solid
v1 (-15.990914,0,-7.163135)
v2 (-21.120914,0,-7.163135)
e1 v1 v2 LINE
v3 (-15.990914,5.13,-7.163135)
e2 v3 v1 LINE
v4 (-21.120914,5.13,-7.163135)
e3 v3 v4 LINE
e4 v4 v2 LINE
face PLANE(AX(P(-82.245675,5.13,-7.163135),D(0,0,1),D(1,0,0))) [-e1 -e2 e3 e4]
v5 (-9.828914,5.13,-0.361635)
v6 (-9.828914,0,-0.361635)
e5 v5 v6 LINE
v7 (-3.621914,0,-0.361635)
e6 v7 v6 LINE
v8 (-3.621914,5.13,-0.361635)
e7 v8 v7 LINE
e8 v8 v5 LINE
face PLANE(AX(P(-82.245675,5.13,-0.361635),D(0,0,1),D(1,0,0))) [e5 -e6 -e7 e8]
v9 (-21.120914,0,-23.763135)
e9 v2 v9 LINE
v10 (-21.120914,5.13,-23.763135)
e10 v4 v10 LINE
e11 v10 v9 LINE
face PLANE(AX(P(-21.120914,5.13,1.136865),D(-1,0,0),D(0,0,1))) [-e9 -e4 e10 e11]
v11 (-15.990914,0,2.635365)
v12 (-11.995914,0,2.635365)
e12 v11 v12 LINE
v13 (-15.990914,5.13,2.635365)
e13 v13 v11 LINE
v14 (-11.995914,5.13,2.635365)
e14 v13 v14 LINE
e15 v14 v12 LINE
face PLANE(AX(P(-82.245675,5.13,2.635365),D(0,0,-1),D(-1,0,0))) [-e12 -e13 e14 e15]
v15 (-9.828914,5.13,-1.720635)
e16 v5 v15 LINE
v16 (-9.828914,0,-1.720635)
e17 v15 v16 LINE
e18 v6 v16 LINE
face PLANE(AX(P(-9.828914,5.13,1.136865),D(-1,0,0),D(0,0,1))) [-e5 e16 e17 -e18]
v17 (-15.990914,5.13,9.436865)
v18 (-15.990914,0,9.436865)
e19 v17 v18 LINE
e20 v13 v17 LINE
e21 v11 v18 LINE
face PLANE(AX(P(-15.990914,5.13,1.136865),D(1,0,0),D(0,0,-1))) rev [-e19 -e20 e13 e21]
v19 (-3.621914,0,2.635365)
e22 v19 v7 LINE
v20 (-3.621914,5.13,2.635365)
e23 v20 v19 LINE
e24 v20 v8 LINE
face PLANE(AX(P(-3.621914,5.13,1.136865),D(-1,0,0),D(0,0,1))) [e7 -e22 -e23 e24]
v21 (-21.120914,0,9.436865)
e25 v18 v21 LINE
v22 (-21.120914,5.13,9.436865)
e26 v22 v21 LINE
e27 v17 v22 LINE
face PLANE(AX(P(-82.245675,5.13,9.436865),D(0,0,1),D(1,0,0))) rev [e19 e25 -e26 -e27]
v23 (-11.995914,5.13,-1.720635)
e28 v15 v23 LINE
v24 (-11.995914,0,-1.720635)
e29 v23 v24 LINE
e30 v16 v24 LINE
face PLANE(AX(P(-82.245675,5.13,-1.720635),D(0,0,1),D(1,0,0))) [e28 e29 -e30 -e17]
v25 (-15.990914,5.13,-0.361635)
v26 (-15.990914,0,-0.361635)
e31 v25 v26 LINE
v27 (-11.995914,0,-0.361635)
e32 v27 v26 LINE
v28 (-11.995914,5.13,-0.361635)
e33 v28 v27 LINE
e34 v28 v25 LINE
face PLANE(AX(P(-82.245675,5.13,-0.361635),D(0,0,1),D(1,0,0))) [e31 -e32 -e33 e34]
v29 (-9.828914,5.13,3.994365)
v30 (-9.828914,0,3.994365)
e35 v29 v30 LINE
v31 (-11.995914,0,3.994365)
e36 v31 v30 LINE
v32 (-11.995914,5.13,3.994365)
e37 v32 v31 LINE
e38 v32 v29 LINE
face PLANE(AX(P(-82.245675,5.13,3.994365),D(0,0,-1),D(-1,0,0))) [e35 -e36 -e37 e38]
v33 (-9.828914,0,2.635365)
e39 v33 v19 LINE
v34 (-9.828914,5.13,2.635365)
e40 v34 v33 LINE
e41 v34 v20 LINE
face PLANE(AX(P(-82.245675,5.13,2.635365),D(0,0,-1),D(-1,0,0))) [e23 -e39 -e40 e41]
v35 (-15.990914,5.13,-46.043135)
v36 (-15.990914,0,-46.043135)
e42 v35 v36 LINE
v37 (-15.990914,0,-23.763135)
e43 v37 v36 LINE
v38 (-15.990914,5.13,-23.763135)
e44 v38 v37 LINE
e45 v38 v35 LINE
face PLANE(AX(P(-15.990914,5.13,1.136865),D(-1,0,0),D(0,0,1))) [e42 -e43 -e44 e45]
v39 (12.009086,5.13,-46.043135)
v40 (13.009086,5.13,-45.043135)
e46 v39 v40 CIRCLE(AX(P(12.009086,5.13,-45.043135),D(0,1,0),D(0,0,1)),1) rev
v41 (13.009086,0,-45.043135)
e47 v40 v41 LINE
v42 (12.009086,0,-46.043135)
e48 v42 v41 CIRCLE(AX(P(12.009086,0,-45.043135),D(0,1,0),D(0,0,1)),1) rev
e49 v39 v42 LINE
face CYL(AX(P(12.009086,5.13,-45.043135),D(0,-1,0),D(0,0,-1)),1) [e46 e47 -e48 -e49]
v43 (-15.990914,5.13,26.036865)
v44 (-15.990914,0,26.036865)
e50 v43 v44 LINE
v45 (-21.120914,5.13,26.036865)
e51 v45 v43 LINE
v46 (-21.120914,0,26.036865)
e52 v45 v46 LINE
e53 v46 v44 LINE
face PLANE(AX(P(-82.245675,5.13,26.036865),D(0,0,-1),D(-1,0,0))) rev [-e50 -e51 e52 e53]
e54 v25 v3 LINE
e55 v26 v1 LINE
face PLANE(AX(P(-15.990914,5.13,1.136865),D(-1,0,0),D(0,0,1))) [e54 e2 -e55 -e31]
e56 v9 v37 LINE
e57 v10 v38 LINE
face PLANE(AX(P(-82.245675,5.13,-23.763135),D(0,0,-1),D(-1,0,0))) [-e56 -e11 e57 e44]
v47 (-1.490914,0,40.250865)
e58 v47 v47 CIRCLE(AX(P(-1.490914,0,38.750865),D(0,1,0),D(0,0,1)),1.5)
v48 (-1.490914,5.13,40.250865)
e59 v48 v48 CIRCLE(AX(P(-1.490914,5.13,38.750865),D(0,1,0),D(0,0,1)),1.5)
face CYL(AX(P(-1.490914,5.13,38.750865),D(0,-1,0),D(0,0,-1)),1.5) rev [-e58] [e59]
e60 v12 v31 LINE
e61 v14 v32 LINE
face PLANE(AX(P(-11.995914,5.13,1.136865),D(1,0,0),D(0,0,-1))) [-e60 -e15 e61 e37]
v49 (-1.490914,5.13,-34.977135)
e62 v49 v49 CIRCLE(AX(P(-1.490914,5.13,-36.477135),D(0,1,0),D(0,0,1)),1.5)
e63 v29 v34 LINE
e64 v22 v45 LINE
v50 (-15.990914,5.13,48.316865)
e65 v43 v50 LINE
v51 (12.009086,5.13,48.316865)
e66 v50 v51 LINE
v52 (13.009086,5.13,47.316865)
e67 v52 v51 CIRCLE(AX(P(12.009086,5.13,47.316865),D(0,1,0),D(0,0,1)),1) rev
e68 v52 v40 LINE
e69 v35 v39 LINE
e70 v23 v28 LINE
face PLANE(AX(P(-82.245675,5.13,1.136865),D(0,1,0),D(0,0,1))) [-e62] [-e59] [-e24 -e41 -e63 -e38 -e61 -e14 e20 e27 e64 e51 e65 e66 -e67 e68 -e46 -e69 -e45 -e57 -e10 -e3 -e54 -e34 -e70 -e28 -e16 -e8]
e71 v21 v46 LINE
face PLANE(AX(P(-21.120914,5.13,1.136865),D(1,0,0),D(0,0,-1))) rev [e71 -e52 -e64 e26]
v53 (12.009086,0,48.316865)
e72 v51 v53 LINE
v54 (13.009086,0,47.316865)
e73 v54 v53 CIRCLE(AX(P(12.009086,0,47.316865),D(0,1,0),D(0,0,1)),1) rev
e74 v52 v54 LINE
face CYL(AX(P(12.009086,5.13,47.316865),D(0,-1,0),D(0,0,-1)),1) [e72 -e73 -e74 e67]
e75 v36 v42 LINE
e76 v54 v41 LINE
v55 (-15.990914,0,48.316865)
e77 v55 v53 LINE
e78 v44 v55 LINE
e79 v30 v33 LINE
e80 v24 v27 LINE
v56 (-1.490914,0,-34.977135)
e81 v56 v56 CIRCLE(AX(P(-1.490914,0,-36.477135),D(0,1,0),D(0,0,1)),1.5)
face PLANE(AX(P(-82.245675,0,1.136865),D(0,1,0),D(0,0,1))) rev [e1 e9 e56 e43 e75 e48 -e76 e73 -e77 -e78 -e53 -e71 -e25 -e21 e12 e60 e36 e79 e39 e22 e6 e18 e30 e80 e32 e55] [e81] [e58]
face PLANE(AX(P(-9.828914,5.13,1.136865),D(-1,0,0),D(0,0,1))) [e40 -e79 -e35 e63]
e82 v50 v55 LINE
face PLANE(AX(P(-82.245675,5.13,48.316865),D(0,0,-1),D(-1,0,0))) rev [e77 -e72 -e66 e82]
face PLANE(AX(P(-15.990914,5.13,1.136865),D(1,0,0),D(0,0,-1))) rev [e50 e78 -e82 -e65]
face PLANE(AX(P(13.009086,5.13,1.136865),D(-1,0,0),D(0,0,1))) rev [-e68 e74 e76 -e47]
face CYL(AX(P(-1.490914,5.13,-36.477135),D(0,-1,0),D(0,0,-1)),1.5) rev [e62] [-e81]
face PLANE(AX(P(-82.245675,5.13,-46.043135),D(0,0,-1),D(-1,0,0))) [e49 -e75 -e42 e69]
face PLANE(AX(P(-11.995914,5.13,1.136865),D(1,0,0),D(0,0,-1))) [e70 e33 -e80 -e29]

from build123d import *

# Parameters (mm, degrees)
SKETCH3_R           = 1.5
BOSS_EXTRUDE1_DEPTH = 5.13


with BuildPart() as part:
    # Sketch3 → Boss-Extrude1 (new body)
    with BuildSketch(Plane(origin=(0, 0, 0), x_dir=(1, 0, 0), z_dir=(0, 1, 0))):
        with BuildLine():
            Line((-15.990914087, -2.635364826), (-15.990914087, -9.436864826))
            Line((-15.990914087, -9.436864826), (-21.120914087, -9.436864826))
            Line((-21.120914087, -9.436864826), (-21.120914087, -26.036864826))
            Line((-21.120914087, -26.036864826), (-15.990914087, -26.036864826))
            Line((-15.990914087, -26.036864826), (-15.990914087, -48.316864826))
            Line((-15.990914087, -48.316864826), (12.009085913, -48.316864826))
            ThreePointArc((12.009085913, -48.316864826), (12.716192694, -48.023971608), (13.009085913, -47.316864826))
            Line((13.009085913, -47.316864826), (13.009085913, 45.043135174))
            ThreePointArc((13.009085913, 45.043135174), (12.716192694, 45.750241955), (12.009085913, 46.043135174))
            Line((12.009085913, 46.043135174), (-15.990914087, 46.043135174))
            Line((-15.990914087, 46.043135174), (-15.990914087, 23.763135174))
            Line((-15.990914087, 23.763135174), (-21.120914087, 23.763135174))
            Line((-21.120914087, 23.763135174), (-21.120914087, 7.163135174))
            Line((-21.120914087, 7.163135174), (-15.990914087, 7.163135174))
            Line((-15.990914087, 7.163135174), (-15.990914087, 0.361635174))
            Line((-15.990914087, 0.361635174), (-11.995914087, 0.361635174))
            Line((-11.995914087, 0.361635174), (-11.995914087, 1.720635174))
            Line((-11.995914087, 1.720635174), (-9.828914087, 1.720635174))
            Line((-9.828914087, 1.720635174), (-9.828914087, 0.361635174))
            Line((-9.828914087, 0.361635174), (-3.621914087, 0.361635174))
            Line((-3.621914087, 0.361635174), (-3.621914087, -2.635364826))
            Line((-3.621914087, -2.635364826), (-9.828914087, -2.635364826))
            Line((-9.828914087, -2.635364826), (-9.828914087, -3.994364826))
            Line((-9.828914087, -3.994364826), (-11.995914087, -3.994364826))
            Line((-11.995914087, -3.994364826), (-11.995914087, -2.635364826))
            Line((-11.995914087, -2.635364826), (-15.990914087, -2.635364826))
        make_face()
        with Locations((-1.490914087, -38.750864826)):
            Circle(SKETCH3_R, mode=Mode.SUBTRACT)
        with Locations((-1.490914087, 36.477135174)):
            Circle(SKETCH3_R, mode=Mode.SUBTRACT)
    extrude(amount=BOSS_EXTRUDE1_DEPTH)


solid = part.part
